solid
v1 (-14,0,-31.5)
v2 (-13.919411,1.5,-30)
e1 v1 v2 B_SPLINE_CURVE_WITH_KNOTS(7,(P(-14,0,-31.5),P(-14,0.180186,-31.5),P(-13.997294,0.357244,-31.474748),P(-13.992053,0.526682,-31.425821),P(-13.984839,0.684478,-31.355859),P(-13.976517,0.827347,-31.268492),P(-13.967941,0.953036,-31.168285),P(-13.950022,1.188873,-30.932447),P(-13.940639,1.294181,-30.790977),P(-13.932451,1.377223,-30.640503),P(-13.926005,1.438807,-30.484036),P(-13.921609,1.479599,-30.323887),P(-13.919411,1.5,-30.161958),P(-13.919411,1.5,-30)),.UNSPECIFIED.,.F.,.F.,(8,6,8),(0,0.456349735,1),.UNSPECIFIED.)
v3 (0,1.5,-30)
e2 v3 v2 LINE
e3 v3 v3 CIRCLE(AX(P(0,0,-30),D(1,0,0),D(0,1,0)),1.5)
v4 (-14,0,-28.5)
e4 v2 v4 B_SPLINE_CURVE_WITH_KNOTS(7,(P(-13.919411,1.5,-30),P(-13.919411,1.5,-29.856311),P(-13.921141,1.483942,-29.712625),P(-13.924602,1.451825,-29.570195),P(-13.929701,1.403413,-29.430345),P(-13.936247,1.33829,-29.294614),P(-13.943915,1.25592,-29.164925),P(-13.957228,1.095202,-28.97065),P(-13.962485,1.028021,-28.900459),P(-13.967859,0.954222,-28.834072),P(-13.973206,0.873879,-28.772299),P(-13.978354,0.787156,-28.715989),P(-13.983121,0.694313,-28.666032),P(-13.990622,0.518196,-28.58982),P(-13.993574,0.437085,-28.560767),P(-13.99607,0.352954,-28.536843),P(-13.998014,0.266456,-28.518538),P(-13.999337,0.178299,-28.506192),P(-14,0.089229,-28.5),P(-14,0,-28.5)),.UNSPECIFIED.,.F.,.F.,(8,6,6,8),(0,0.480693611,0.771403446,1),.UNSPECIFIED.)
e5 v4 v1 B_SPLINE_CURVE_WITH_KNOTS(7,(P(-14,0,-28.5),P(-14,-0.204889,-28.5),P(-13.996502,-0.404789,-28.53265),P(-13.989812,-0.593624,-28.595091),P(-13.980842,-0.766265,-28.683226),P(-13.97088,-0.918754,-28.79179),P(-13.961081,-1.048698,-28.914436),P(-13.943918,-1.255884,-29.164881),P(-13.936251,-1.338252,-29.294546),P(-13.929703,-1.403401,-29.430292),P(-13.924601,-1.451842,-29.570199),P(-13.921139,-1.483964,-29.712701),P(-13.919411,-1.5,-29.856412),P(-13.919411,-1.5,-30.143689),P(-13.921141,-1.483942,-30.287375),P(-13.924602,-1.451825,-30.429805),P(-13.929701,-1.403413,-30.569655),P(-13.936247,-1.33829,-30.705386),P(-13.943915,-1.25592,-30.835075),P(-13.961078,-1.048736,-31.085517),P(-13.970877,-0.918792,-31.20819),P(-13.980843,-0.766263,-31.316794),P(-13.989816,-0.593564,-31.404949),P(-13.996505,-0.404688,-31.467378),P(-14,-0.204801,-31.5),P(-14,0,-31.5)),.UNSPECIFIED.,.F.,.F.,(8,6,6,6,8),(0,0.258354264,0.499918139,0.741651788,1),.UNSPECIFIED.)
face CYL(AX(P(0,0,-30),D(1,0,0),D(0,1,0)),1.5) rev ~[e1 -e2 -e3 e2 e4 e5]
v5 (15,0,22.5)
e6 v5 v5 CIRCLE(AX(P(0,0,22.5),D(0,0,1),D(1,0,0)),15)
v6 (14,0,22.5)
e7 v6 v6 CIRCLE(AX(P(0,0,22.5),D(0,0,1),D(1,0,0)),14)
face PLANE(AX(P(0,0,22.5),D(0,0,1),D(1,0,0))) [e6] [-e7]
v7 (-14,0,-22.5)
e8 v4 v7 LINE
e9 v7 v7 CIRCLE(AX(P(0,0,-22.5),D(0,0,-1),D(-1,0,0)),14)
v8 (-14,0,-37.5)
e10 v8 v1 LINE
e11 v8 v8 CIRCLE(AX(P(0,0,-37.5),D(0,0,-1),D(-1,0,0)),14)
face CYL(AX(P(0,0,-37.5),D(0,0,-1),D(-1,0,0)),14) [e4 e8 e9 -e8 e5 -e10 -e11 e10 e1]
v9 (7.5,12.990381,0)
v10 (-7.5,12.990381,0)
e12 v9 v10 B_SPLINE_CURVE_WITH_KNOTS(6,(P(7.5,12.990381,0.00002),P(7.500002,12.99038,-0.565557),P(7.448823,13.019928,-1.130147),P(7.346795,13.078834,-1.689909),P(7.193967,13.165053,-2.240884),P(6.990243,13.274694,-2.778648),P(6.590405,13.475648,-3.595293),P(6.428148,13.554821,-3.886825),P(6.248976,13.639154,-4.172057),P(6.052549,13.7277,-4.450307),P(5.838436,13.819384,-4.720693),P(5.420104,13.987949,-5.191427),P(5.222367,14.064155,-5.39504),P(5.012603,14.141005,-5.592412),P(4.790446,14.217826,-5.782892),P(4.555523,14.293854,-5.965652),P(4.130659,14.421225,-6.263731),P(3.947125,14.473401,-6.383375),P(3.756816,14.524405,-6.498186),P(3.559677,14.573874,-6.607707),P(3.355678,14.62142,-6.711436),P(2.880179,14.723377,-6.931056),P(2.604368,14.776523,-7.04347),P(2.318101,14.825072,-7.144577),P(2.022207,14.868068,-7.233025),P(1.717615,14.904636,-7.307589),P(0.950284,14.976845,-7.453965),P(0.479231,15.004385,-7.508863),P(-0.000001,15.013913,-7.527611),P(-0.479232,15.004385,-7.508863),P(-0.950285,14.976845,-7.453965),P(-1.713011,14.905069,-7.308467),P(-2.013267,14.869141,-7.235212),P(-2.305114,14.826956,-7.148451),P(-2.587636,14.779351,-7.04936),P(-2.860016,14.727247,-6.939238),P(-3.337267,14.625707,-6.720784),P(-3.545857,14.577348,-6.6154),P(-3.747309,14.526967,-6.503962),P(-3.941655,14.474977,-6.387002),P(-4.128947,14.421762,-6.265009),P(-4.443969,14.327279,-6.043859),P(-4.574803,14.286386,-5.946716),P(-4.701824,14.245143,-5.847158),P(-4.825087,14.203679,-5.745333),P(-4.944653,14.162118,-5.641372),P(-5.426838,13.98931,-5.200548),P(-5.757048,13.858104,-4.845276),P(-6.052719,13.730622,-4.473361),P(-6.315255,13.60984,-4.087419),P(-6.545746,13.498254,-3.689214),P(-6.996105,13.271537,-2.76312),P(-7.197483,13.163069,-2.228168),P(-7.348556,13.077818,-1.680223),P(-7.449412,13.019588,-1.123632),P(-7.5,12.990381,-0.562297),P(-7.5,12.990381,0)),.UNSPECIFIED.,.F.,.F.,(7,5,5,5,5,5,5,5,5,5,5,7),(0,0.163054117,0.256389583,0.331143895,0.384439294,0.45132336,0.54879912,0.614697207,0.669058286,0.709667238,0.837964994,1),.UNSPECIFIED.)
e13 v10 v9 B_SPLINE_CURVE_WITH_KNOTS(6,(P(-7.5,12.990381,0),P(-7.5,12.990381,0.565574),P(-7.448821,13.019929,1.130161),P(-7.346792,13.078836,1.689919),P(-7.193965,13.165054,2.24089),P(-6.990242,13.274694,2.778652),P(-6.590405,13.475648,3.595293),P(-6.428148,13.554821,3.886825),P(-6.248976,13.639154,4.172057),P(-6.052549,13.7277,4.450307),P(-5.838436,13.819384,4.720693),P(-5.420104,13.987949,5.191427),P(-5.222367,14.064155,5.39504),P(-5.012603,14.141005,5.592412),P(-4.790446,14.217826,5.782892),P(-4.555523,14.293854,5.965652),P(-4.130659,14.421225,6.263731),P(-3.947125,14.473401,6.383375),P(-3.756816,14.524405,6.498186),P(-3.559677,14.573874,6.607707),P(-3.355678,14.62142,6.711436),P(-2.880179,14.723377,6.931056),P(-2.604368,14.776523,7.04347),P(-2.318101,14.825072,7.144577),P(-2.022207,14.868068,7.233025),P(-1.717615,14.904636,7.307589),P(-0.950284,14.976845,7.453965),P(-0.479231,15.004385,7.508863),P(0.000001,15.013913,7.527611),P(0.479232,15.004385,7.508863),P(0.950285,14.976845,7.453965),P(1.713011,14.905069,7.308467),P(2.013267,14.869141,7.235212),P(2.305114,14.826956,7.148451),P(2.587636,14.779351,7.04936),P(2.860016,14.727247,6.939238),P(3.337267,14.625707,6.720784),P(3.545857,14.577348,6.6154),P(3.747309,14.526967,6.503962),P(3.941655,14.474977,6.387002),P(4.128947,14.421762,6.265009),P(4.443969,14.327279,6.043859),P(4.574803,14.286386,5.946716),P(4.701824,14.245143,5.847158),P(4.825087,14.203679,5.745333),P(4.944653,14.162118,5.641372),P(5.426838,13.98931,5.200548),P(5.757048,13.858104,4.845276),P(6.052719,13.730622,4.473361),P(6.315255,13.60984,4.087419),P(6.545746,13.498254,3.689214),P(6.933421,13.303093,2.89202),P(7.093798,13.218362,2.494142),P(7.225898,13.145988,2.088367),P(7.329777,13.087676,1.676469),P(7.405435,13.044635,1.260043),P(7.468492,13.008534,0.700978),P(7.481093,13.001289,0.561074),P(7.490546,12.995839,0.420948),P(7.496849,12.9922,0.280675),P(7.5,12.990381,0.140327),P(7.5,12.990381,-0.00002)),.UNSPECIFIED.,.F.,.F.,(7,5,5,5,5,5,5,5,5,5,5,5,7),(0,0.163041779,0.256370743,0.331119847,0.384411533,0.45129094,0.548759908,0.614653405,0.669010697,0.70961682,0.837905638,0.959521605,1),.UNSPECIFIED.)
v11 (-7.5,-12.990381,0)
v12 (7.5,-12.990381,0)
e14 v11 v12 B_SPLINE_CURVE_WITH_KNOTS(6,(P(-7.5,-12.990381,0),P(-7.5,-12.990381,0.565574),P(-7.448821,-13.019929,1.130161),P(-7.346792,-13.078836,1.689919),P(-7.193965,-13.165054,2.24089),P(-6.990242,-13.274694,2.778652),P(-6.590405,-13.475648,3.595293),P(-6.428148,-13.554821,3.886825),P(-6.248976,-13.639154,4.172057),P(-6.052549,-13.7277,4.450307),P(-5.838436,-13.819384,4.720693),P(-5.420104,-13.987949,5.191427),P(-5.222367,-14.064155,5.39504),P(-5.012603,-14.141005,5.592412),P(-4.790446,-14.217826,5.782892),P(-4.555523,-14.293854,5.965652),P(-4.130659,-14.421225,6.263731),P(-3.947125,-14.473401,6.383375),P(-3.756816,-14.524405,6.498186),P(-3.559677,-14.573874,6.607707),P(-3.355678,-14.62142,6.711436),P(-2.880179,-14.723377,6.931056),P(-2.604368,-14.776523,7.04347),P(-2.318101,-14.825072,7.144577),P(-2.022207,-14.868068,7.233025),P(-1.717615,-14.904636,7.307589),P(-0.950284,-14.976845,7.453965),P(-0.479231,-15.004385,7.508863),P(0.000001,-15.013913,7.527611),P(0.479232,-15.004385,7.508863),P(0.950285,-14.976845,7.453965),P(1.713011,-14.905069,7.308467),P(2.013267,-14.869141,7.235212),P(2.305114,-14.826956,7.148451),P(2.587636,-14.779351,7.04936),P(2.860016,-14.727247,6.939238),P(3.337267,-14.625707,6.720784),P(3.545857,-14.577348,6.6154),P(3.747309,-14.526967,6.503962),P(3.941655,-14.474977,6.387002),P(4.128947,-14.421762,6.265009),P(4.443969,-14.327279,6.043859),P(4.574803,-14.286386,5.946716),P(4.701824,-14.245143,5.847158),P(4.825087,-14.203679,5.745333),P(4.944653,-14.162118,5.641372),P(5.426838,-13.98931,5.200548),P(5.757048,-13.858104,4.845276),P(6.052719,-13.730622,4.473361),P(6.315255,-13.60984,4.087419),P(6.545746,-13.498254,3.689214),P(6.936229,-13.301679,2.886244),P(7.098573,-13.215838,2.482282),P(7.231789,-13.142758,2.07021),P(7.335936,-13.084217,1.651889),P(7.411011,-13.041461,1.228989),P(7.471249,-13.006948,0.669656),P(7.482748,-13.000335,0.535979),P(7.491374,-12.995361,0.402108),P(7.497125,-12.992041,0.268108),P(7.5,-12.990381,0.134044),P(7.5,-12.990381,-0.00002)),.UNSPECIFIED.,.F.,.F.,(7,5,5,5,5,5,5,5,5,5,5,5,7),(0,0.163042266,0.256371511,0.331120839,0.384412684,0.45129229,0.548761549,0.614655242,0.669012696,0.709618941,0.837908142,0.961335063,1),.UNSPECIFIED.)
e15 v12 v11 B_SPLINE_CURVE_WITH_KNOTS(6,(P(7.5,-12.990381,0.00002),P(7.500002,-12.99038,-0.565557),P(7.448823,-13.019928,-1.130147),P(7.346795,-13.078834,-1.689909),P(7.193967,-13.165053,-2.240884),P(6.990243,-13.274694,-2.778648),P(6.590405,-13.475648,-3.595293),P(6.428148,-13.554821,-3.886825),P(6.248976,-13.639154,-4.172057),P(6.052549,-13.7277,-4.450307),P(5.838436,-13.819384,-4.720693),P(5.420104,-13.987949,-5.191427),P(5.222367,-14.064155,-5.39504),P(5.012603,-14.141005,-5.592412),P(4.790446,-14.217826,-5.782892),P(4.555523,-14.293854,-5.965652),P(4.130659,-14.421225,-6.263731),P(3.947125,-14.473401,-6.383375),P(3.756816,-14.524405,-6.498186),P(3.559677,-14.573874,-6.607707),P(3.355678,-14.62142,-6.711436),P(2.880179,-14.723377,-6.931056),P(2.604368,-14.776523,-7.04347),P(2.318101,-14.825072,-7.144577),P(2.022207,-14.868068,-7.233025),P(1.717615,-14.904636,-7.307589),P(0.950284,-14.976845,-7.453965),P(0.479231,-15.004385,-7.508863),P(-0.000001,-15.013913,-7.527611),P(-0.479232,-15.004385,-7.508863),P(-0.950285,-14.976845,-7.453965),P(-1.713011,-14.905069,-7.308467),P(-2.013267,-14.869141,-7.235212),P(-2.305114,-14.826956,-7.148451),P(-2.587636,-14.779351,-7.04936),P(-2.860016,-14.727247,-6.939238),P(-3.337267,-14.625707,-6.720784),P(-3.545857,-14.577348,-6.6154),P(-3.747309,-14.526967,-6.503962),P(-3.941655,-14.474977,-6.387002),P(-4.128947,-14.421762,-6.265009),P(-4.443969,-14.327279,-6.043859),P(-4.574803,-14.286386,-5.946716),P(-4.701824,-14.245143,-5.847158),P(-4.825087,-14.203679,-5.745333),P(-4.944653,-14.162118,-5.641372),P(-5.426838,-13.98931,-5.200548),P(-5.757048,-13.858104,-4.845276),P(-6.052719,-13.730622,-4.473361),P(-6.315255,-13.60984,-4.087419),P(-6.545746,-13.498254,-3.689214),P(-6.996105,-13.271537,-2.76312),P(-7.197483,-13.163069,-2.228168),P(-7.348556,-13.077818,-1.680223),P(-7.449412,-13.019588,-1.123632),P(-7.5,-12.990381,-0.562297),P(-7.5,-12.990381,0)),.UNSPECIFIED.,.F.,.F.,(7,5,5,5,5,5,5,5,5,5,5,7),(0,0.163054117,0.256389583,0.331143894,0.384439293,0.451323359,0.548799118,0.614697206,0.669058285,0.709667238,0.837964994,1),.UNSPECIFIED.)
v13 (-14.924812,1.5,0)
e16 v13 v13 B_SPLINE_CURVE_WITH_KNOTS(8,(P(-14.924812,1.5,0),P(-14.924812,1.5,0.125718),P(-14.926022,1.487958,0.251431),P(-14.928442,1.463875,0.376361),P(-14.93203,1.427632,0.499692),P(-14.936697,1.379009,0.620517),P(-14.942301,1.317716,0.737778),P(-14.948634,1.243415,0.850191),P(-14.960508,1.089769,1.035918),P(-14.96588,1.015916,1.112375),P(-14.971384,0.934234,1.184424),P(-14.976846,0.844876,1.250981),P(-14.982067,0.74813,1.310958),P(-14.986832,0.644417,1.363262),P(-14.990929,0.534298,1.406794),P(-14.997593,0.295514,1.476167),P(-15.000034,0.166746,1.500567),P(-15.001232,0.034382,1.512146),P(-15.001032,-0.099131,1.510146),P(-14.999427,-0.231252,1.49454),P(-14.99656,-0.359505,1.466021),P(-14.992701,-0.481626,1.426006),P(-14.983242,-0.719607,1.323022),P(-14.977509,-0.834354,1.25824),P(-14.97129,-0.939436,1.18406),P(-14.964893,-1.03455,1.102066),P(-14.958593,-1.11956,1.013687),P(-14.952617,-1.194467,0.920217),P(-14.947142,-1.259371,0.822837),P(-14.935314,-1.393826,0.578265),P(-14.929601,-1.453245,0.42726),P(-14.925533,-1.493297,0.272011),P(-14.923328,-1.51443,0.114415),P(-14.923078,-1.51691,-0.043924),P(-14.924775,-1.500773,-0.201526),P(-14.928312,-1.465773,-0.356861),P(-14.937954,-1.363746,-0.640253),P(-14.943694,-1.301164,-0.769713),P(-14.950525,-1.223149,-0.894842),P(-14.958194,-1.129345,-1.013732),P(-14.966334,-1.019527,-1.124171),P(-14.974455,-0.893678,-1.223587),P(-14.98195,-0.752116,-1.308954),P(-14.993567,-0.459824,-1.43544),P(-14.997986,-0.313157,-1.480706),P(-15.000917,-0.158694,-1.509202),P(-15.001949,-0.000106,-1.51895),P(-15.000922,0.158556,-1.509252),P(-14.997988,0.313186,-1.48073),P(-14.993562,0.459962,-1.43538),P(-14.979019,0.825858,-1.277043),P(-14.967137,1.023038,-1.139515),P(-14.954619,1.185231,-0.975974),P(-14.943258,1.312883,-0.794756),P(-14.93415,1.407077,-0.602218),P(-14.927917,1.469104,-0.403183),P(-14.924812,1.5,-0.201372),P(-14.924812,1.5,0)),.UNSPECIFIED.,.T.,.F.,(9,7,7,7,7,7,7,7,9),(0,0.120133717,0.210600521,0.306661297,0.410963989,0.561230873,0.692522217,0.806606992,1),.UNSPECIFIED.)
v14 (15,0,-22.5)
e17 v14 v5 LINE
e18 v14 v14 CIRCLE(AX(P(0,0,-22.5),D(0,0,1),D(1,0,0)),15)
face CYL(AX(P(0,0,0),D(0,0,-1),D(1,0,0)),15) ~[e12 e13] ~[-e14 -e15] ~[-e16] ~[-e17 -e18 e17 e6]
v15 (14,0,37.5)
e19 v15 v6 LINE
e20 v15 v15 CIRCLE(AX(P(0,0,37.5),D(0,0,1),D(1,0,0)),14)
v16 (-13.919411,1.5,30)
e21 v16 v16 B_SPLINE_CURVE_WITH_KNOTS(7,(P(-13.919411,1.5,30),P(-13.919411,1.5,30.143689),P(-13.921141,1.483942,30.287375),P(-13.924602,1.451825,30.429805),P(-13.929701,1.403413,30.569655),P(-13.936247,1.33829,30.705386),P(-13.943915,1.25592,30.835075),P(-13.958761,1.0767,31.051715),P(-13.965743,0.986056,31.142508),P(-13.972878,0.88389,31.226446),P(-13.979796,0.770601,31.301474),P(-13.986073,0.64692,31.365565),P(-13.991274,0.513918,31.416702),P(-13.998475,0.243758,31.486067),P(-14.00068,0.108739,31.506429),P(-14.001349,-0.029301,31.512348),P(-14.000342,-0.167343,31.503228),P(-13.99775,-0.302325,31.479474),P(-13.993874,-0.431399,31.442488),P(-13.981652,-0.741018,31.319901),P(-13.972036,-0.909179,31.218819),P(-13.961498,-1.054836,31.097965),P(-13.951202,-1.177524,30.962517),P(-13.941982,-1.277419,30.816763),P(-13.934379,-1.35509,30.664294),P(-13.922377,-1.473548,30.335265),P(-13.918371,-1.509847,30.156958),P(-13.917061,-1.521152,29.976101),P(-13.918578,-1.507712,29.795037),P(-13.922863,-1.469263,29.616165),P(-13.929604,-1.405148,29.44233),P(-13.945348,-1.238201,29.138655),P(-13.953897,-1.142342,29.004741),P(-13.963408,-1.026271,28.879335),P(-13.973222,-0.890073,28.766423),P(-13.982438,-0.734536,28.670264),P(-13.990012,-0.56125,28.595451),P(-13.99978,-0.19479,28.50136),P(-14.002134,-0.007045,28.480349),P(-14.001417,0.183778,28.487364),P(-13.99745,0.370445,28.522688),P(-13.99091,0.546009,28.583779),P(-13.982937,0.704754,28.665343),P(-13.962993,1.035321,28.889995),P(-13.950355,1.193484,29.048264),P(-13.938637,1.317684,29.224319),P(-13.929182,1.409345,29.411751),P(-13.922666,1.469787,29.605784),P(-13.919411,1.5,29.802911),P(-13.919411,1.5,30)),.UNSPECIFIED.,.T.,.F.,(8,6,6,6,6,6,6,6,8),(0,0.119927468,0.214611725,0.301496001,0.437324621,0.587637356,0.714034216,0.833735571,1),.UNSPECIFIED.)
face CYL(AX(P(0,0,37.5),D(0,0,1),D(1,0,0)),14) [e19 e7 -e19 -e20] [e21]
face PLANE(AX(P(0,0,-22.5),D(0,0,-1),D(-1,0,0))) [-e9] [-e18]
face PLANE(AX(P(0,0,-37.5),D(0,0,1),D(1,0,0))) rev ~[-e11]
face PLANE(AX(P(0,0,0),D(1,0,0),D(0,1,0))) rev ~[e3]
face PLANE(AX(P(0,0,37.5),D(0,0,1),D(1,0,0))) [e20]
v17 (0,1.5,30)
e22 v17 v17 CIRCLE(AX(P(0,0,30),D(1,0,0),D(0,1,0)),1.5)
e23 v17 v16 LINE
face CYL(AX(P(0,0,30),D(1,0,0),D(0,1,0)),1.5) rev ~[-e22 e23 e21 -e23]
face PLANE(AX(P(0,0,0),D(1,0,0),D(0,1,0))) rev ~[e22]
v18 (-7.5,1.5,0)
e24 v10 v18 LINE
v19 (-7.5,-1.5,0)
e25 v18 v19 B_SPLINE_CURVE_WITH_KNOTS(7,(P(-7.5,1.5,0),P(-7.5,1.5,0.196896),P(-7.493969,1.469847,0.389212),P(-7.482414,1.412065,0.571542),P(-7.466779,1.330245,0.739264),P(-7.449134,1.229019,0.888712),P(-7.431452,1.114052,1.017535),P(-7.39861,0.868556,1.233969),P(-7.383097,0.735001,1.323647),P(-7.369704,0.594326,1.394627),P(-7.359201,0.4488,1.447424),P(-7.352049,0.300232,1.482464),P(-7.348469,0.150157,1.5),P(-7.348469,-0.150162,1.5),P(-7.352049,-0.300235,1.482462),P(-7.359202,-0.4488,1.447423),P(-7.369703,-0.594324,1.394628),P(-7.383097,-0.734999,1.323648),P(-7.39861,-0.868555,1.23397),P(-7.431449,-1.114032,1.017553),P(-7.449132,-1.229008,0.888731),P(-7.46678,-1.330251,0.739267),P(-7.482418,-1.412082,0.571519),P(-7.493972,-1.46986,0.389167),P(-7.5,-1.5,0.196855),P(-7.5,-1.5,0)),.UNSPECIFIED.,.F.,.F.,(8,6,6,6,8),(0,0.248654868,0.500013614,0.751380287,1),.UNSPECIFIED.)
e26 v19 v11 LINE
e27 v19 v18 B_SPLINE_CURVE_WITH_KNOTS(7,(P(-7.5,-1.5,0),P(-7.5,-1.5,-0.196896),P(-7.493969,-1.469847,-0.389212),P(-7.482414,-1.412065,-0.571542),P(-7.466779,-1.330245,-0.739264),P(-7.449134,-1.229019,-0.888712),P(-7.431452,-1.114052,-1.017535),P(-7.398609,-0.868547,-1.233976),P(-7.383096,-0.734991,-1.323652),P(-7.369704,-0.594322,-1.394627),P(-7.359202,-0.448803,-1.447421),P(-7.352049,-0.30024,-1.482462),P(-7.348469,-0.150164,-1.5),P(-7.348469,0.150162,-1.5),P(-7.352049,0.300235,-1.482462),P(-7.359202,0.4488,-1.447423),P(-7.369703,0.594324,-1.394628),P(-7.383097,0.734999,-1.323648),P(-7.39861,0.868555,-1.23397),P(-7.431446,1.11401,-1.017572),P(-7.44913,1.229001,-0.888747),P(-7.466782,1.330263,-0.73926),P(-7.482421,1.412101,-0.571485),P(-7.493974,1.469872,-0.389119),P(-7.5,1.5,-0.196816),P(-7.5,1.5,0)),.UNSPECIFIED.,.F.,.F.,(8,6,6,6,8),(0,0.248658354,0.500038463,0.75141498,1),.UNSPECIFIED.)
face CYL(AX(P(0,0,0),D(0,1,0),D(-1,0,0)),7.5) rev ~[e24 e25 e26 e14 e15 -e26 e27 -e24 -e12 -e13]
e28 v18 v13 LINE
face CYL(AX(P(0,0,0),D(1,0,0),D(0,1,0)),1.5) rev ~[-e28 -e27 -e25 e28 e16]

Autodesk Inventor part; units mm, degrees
ref_plane "YZ Plane" through (0, 0, 0) normal (1, 0, 0) x (0, 1, 0)
ref_plane "XZ Plane" through (0, 0, 0) normal (0, 1, 0) x (-1, 0, 0)
ref_plane "XY Plane" through (0, 0, 0) normal (0, 0, 1) x (1, 0, 0)
sketch "Szkic1" plane through (0, 0, 0) normal (0, 0, 1) x (1, 0, 0)
  circle A0 centre (0, 0) radius 15
  dimension "d0" = 30
extrude "Wyciągnięcie proste1" add sketch "Szkic1" along normal mid plane 75
sketch "Szkic2" plane through (0, 0, 0) normal (0, 1, 0) x (-1, 0, 0)
  circle A0 centre (0, 0) radius 7.5
  dimension "d3" = 15
extrude "Wyciągnięcie proste2" cut sketch "Szkic2" along normal mid plane 35
sketch "Szkic3" plane through (0, 0, 37.5) normal (0, 0, 1) x (1, 0, 0)
  circle A0 centre (0, 0) radius 14
  circle A1 centre (0, 0) radius 15
  dimension "d6" = 28
  dimension "d7" = 30
extrude "Wyciągnięcie proste3" cut sketch "Szkic3" against normal blind 15
sketch "Szkic4" plane through (0, 0, -37.5) normal (0, 0, -1) x (-1, 0, 0)
  circle A0 centre (0, 0) radius 14
  circle A1 centre (0, 0) radius 15
  dimension "d10" = 28
  dimension "d11" = 30
extrude "Wyciągnięcie proste4" cut sketch "Szkic4" against normal blind 15
sketch "Szkic6" plane through (0, 0, 0) normal (1, 0, 0) x (0, 1, 0)
  circle A0 centre (0, 0) radius 1.5
  circle A1 centre (0, -30) radius 1.5
  circle A2 centre (0, 30) radius 1.5
  dimension "d18" = 3
  dimension "d19" = 3
  dimension "d20" = 3
extrude "Wyciągnięcie proste6" cut sketch "Szkic6" against normal blind 30
properties part number "srodek" material "Aluminium 6061"
